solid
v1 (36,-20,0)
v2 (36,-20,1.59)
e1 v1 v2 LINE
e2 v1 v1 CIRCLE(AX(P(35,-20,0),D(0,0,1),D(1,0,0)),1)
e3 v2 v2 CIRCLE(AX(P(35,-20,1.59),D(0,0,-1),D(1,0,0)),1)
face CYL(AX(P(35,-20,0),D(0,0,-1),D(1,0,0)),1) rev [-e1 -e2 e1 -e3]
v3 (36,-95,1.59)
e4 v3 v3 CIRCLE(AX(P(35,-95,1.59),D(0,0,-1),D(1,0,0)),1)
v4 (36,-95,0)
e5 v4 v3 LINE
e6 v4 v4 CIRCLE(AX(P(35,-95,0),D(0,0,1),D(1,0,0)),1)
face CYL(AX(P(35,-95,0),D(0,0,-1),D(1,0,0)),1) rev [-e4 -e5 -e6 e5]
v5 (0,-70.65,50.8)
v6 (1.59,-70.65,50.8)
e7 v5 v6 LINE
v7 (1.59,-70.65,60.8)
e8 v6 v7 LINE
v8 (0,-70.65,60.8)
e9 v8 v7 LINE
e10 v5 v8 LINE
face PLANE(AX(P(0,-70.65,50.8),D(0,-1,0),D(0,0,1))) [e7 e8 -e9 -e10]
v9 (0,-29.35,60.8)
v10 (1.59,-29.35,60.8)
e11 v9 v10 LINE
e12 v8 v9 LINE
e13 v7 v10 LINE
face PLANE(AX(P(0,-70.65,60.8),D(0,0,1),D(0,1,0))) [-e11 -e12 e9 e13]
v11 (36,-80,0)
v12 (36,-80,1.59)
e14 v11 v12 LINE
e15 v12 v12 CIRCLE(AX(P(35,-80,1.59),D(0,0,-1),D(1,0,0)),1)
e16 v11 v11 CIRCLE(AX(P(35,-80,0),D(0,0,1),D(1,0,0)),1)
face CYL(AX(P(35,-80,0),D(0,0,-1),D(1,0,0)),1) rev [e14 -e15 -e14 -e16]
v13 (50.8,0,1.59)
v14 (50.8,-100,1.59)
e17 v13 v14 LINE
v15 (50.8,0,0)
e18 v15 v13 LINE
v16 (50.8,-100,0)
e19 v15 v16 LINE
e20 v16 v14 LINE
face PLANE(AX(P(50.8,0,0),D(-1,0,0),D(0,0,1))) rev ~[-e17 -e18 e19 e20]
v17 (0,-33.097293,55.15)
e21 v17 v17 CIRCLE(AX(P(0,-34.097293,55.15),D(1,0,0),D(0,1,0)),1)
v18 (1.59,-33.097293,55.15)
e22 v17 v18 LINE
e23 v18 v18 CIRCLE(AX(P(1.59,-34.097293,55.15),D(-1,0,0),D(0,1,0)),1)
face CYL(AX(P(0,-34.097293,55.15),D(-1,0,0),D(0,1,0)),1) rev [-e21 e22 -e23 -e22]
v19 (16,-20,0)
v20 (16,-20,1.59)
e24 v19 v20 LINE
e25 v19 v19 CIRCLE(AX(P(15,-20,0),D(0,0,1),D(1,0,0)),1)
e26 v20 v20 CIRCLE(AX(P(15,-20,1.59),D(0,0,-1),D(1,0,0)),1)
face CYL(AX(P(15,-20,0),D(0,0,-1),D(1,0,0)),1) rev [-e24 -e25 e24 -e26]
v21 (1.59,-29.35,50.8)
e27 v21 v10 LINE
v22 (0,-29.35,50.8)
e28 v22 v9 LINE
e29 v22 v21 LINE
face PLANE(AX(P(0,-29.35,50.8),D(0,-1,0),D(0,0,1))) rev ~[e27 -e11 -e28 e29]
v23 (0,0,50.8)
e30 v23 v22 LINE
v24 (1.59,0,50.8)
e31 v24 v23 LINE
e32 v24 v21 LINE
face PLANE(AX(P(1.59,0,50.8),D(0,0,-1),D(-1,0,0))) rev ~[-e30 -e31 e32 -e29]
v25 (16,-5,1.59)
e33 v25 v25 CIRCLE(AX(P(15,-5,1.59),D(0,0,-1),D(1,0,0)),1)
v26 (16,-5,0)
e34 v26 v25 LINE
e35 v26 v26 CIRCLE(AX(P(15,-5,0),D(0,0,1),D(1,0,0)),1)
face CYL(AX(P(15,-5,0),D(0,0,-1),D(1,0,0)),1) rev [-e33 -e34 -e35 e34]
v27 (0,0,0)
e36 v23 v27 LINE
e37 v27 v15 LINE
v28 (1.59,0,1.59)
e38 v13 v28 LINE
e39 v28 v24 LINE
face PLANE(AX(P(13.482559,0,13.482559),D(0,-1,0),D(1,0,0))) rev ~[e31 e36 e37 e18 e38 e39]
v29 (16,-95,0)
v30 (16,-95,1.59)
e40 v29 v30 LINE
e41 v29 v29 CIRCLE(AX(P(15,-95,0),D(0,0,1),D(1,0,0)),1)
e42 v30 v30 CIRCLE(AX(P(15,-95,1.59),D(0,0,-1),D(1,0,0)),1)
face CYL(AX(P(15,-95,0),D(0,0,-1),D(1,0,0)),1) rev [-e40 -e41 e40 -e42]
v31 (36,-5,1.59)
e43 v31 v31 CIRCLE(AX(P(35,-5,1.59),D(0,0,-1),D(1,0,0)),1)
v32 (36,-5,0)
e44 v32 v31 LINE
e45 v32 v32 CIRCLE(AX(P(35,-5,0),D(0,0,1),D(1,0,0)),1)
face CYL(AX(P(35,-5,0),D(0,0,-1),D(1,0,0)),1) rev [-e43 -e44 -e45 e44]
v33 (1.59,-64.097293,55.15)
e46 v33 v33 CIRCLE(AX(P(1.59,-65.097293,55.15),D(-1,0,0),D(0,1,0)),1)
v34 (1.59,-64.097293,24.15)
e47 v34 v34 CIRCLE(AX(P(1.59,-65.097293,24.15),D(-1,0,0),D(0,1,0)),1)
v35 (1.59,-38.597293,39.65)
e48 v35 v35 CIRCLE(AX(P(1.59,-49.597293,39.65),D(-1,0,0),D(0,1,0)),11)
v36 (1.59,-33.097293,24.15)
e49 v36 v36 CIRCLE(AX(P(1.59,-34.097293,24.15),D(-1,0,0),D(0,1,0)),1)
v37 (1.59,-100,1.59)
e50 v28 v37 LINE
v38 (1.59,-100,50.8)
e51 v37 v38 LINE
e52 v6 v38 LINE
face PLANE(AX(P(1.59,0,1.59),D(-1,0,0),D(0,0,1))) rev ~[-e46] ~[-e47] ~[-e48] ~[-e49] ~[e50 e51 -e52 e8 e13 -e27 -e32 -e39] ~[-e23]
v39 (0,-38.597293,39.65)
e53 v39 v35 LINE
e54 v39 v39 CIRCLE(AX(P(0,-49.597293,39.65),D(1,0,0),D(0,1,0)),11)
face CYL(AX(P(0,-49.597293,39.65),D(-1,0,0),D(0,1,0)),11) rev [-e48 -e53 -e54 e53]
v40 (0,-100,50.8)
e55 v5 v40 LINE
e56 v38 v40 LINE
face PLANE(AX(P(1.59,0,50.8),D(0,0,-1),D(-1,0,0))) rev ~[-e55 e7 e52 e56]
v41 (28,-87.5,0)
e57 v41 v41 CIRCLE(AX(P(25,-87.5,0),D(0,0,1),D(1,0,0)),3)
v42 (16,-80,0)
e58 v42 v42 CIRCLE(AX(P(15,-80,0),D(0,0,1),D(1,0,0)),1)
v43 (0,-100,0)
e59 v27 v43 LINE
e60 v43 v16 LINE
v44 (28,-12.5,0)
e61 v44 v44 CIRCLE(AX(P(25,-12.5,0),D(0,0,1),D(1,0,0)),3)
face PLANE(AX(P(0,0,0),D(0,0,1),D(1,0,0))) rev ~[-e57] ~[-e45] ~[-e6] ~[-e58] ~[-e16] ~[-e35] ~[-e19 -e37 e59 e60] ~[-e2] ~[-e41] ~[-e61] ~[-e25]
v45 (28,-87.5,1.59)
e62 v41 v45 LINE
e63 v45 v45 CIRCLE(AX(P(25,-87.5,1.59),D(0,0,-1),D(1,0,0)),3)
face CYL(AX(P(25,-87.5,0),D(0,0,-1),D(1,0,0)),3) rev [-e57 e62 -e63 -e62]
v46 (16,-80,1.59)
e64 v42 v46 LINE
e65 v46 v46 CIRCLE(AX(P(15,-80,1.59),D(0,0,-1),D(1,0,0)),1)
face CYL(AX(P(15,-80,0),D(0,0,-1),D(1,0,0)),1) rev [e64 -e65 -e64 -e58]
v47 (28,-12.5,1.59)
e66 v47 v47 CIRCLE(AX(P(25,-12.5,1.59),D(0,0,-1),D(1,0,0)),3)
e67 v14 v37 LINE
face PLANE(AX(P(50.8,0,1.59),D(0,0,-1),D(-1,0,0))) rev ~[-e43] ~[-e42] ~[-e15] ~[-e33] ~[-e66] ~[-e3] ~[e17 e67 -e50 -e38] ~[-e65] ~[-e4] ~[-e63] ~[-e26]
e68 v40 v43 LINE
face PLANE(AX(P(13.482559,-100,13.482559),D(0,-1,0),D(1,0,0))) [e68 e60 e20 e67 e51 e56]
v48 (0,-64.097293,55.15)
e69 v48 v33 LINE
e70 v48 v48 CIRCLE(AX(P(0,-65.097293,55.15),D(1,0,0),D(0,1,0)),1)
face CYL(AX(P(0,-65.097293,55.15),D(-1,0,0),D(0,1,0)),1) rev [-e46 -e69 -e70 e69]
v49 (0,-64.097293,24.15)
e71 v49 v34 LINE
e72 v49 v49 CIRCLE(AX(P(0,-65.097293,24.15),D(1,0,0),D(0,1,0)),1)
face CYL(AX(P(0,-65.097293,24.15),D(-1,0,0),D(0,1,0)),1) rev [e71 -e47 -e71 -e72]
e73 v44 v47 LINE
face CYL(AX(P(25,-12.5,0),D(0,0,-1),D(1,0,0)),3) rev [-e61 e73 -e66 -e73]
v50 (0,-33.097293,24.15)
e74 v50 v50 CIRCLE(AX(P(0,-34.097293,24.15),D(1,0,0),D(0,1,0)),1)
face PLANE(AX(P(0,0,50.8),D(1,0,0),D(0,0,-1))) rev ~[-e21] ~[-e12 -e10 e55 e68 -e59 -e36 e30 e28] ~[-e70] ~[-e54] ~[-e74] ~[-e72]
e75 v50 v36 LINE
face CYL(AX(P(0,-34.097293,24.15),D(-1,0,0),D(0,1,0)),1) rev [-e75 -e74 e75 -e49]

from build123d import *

# Parameters (mm, degrees)
F1_DEPTH = 100
F2_R     = 1
F2_R_2   = 3
F3_DEPTH = 50.801
F4_W     = 41.3
F4_H     = 10
F5_DEPTH = 1.59
F6_R     = 1
F6_R_2   = 11
F7_DEPTH = 50.801


with BuildPart() as f1:
    # F0 (on Front) → F1 (new body)
    with BuildSketch(Plane.XZ):
        Polygon((0, 50.8), (0, 0), (50.8, 0), (50.8, 1.59), (1.59, 1.59), (1.59, 50.8), align=None)
    extrude(amount=F1_DEPTH)

    # F2 (on Top) → F3 (cut, through all)
    with BuildSketch(Plane.XY):
        with Locations((15, -5)):
            Circle(F2_R)
        with Locations((35, -5)):
            Circle(F2_R)
        with Locations((15, -20)):
            Circle(F2_R)
        with Locations((35, -20)):
            Circle(F2_R)
        with Locations((35, -80)):
            Circle(F2_R)
        with Locations((15, -80)):
            Circle(F2_R)
        with Locations((35, -95)):
            Circle(F2_R)
        with Locations((15, -95)):
            Circle(F2_R)
        with Locations((25, -87.5)):
            Circle(F2_R_2)
        with Locations((25, -12.5)):
            Circle(F2_R_2)
    extrude(amount=F3_DEPTH, mode=Mode.SUBTRACT)

    # F4 (on Right) → F5 (join)
    with BuildSketch(Plane.YZ):
        with Locations((-50, 55.8)):
            Rectangle(F4_W, F4_H)
    extrude(amount=F5_DEPTH)

    # F6 (on Right) → F7 (cut, through all)
    with BuildSketch(Plane.YZ):
        with Locations((-65.097293, 24.15)):
            Circle(F6_R)
        with Locations((-34.097293, 24.15)):
            Circle(F6_R)
        with Locations((-34.097293, 55.15)):
            Circle(F6_R)
        with Locations((-65.097293, 55.15)):
            Circle(F6_R)
        with Locations((-49.597293, 39.65)):
            Circle(F6_R_2)
    extrude(amount=F7_DEPTH, mode=Mode.SUBTRACT)


solid = f1.part
